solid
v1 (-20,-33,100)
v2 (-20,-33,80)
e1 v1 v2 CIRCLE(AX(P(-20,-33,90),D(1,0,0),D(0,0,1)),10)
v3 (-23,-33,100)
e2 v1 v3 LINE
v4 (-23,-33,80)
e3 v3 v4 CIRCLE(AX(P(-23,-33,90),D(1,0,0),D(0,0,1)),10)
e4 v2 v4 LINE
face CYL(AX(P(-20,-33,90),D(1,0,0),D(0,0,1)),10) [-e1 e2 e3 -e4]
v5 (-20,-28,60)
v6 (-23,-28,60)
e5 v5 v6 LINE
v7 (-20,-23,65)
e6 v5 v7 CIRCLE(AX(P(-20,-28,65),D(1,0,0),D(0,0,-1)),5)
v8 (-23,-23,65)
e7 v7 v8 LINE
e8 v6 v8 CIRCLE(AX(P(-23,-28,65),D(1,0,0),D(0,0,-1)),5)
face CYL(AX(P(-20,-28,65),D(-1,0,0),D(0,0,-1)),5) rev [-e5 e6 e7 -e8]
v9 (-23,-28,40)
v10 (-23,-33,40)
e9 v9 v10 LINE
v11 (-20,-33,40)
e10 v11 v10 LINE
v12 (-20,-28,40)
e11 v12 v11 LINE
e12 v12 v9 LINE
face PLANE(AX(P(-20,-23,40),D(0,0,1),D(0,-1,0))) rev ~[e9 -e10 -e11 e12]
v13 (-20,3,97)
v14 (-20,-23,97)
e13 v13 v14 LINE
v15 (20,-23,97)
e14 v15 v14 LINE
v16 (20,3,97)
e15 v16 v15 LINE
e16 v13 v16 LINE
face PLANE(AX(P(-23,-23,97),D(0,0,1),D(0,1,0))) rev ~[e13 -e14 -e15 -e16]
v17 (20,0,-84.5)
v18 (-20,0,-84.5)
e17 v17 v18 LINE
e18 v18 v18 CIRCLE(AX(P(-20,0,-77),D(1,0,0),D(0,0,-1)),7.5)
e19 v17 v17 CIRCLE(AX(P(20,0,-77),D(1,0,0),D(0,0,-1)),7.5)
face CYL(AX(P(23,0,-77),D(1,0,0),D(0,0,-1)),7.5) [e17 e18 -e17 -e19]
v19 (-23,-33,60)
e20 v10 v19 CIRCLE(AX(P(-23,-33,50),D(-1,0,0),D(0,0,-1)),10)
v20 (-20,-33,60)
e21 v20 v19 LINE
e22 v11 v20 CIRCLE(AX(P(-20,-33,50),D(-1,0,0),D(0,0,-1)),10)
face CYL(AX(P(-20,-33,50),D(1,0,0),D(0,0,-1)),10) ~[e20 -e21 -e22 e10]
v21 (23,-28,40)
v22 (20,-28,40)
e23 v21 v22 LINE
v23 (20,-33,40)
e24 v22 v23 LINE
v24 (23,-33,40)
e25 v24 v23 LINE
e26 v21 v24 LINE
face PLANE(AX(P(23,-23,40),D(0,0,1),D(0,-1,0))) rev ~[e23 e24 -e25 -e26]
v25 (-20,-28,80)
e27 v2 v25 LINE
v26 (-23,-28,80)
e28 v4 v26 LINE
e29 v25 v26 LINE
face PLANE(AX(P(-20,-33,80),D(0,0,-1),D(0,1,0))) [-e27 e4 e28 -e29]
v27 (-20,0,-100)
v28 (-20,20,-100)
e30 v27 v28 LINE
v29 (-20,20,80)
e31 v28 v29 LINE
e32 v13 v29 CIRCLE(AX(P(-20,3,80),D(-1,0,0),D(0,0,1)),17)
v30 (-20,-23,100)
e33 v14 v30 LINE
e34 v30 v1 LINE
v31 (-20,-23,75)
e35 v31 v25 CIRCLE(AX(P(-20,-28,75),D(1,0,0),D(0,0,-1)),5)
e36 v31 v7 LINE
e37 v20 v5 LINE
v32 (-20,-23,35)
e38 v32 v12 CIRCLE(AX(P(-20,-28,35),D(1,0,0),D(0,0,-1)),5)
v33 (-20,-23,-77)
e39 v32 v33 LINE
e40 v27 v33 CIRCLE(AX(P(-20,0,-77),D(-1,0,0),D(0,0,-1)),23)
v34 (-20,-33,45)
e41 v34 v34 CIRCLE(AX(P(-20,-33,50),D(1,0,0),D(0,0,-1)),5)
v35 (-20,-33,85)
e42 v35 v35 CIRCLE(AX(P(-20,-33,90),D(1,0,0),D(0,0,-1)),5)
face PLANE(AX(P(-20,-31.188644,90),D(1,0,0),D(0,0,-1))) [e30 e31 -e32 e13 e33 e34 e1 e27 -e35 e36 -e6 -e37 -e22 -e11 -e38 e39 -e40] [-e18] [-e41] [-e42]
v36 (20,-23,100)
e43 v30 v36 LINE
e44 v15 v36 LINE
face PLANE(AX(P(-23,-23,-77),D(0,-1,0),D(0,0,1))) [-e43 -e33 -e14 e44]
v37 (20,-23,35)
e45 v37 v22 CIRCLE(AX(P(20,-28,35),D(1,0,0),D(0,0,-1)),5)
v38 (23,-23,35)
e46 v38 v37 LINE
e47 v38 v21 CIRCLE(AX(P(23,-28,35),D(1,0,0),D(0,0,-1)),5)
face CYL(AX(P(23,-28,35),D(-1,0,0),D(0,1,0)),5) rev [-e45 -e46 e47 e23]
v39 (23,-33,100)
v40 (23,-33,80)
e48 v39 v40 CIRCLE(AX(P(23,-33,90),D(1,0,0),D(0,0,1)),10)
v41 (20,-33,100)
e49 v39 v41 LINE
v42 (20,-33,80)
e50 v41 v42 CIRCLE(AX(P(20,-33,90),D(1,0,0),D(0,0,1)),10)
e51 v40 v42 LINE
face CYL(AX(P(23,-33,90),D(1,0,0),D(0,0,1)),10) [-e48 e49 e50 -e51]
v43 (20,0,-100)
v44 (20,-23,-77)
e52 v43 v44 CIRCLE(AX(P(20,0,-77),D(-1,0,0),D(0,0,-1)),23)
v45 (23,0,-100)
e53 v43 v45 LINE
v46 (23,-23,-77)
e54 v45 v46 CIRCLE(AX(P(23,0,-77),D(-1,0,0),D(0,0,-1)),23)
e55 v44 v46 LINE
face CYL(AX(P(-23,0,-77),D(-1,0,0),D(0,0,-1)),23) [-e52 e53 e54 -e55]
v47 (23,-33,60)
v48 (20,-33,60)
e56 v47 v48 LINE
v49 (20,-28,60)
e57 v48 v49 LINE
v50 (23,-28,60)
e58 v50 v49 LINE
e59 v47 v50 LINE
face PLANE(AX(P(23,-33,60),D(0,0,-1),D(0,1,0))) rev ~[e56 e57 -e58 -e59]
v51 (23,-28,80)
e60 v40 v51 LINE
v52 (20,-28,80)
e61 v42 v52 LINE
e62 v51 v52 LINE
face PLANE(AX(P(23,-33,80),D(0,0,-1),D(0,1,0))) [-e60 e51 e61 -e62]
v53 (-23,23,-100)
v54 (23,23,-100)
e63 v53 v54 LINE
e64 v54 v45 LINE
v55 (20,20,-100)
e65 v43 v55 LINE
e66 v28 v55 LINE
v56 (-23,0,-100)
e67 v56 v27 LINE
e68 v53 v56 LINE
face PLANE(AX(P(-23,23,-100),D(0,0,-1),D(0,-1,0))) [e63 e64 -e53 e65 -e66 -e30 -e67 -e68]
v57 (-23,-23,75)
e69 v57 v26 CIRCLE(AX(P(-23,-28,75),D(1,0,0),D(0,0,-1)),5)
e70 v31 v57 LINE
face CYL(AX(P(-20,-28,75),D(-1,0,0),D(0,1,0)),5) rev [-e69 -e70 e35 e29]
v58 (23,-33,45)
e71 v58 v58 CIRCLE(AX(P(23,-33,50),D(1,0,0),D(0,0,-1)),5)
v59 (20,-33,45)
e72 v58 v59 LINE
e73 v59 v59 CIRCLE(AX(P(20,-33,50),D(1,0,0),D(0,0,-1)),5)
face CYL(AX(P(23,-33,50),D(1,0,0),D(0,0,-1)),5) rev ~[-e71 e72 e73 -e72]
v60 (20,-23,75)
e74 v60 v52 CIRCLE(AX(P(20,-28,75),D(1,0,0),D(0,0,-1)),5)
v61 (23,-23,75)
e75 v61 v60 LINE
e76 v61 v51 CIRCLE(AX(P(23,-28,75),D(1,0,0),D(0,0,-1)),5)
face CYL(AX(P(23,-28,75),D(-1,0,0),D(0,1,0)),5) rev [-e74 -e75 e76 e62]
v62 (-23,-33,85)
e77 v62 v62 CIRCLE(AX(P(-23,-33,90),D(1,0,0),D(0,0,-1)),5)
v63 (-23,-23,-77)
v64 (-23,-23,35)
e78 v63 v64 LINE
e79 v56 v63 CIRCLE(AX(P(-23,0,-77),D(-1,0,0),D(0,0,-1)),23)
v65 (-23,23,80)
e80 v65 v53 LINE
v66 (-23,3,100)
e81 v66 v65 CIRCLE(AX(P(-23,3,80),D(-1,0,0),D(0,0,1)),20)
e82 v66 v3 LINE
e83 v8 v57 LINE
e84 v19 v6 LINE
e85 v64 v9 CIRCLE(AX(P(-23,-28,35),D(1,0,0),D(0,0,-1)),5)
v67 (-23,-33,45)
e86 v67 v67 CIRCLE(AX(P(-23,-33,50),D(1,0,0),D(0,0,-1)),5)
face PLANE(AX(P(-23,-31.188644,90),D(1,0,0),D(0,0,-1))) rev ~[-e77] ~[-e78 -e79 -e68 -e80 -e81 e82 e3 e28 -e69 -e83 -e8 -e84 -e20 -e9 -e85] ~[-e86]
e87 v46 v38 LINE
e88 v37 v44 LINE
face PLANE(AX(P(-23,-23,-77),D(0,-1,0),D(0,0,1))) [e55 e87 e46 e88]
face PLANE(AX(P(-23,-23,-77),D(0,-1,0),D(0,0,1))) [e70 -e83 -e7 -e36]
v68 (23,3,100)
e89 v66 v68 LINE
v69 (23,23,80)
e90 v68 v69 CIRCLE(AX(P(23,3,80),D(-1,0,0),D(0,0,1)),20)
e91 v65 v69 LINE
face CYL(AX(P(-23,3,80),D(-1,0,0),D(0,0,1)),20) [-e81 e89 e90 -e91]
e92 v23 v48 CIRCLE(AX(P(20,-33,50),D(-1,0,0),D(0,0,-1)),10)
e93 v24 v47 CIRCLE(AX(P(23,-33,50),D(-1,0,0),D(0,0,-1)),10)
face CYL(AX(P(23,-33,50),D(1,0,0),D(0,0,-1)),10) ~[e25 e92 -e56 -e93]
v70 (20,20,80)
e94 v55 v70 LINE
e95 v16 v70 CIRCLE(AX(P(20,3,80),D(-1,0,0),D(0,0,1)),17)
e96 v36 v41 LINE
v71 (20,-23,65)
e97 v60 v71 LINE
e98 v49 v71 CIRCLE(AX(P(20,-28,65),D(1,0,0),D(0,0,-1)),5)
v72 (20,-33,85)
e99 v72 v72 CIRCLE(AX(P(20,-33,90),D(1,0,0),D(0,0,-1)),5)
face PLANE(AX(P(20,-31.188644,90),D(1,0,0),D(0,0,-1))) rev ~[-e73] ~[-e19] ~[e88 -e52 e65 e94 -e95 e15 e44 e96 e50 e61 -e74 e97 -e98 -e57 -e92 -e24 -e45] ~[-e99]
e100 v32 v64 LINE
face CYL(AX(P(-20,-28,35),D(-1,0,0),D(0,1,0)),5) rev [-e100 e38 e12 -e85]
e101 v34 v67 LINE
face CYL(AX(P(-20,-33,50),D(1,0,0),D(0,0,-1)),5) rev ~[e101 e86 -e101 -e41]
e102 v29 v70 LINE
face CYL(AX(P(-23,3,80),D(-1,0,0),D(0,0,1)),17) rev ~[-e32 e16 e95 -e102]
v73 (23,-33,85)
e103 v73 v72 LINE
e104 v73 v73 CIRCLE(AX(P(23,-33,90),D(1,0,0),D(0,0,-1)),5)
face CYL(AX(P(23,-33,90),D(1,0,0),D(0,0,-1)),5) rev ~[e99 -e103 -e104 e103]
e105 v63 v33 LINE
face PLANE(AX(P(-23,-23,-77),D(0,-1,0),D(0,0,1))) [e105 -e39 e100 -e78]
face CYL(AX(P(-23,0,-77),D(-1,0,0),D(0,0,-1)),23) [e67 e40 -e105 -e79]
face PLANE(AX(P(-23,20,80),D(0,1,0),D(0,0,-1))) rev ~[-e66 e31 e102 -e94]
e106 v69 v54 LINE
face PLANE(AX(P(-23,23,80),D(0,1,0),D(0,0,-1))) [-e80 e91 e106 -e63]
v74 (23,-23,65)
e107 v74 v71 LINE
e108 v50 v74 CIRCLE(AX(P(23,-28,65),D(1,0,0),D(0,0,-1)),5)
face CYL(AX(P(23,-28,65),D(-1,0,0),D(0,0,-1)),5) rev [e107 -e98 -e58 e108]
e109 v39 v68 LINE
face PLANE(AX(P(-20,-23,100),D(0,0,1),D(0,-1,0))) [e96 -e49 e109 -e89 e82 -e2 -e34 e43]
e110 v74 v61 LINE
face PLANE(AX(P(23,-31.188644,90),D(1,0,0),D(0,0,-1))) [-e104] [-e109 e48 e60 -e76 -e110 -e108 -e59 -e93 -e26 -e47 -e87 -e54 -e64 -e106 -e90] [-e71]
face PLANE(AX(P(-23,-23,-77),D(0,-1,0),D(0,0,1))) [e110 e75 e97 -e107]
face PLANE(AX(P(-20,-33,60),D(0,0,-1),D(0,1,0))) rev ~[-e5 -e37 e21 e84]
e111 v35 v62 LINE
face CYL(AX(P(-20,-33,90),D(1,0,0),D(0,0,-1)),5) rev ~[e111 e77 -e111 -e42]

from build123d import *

# Parameters (mm, degrees)
PROFILE_EXTRUDE_DEPTH               = 23
PROFILE_EXTRUDE_DEPTH_BACK          = 23
PROFILE_SHELL_T                     = -3
CUFF_JOINT_PIN_SKETCH_R             = 7.5
CUFF_JOIN_PIN_EXTRUDE_DEPTH         = 43
HYDRAULIC_ARM_HOLES_SKETCH_R        = 5
HYDRAULIC_ARM_HOLES_EXTRUDE_1_DEPTH = 3
HYDRAULIC_START                     = -43
HYDRAULIC_ARM_HOLES_SKETCH_2_R      = 5
HYDRAULIC_ARM_HOLES_EXTRUDE_2_DEPTH = 3
HOLES_TABS_FILLET_R                 = 5


with BuildPart() as part:
    # Profile Sketch → Profile Extrude (new, two sides: drawn at the far end of the back side and taken through both)
    with BuildSketch(Plane(origin=(0, 0, 0), x_dir=(0, 0, -1), z_dir=(1, 0, 0)).offset(-PROFILE_EXTRUDE_DEPTH_BACK)):
        with BuildLine():
            Line((-80, 23), (100, 23))
            Line((100, 23), (100, 0))
            ThreePointArc((100, 0), (93.263455967, -16.263455967), (77, -23))
            Line((77, -23), (-100, -23))
            Line((-100, -23), (-100, 3))
            ThreePointArc((-100, 3), (-94.142135624, 17.142135624), (-80, 23))
        make_face()
    extrude(amount=PROFILE_EXTRUDE_DEPTH + PROFILE_EXTRUDE_DEPTH_BACK)

    # Profile Shell
    profile_shell_openings = [part.faces().sort_by_distance(p)[0] for p in [
        (0, 11.5, -100),
        (0, -16.263455967, -93.263455967),
        (0, -23, 11.5),
    ]]
    offset(amount=PROFILE_SHELL_T, openings=profile_shell_openings, kind=Kind.INTERSECTION)

    # Cuff Joint Pin Sketch → Cuff Join Pin Extrude (add)
    with BuildSketch(Plane(origin=(23, 0, 0), x_dir=(0, 0, -1), z_dir=(1, 0, 0))):
        with Locations((77, 0)):
            Circle(CUFF_JOINT_PIN_SKETCH_R)
    extrude(amount=-CUFF_JOIN_PIN_EXTRUDE_DEPTH)

    # Hydraulic Arm Holes Sketch → Hydraulic Arm Holes Extrude 1 (add)
    # profile 1 of 2: a face of its own
    with BuildSketch(Plane(origin=(23, 0, 0), x_dir=(0, 0, -1), z_dir=(1, 0, 0))):
        with BuildLine():
            Line((-100, -23), (-100, -33))
            ThreePointArc((-100, -33), (-90, -43), (-80, -33))
            Line((-80, -33), (-80, -23))
            Line((-80, -23), (-100, -23))
        make_face()
        with Locations((-90, -33)):
            Circle(HYDRAULIC_ARM_HOLES_SKETCH_R, mode=Mode.SUBTRACT)
    # profile 2 of 2: a face of its own
    with BuildSketch(Plane(origin=(23, 0, 0), x_dir=(0, 0, -1), z_dir=(1, 0, 0))):
        with BuildLine():
            Line((-60, -33), (-60, -23))
            Line((-60, -23), (-40, -23))
            Line((-40, -23), (-40, -33))
            ThreePointArc((-40, -33), (-50, -43), (-60, -33))
        make_face()
        with Locations((-50, -33)):
            Circle(HYDRAULIC_ARM_HOLES_SKETCH_R, mode=Mode.SUBTRACT)
    extrude(amount=-HYDRAULIC_ARM_HOLES_EXTRUDE_1_DEPTH)

    # Hydraulic Arm Holes Sketch<2> → Hydraulic Arm Holes Extrude 2 (add)
    # profile 1 of 2: a face of its own
    with BuildSketch(Plane(origin=(23, 0, 0), x_dir=(0, 0, -1), z_dir=(1, 0, 0)).offset(HYDRAULIC_START)):
        with BuildLine():
            Line((-100, -23), (-100, -33))
            ThreePointArc((-100, -33), (-90, -43), (-80, -33))
            Line((-80, -33), (-80, -23))
            Line((-80, -23), (-100, -23))
        make_face()
        with Locations((-90, -33)):
            Circle(HYDRAULIC_ARM_HOLES_SKETCH_2_R, mode=Mode.SUBTRACT)
    # profile 2 of 2: a face of its own
    with BuildSketch(Plane(origin=(23, 0, 0), x_dir=(0, 0, -1), z_dir=(1, 0, 0)).offset(HYDRAULIC_START)):
        with BuildLine():
            Line((-60, -33), (-60, -23))
            Line((-60, -23), (-40, -23))
            Line((-40, -23), (-40, -33))
            ThreePointArc((-40, -33), (-50, -43), (-60, -33))
        make_face()
        with Locations((-50, -33)):
            Circle(HYDRAULIC_ARM_HOLES_SKETCH_2_R, mode=Mode.SUBTRACT)
    extrude(amount=-HYDRAULIC_ARM_HOLES_EXTRUDE_2_DEPTH)

    # Holes Tabs Fillet
    holes_tabs_fillet_edges = [part.edges().sort_by_distance(p)[0] for p in [
        (-21.5, -23, 80),
        (21.5, -23, 40),
        (21.5, -23, 60),
        (21.5, -23, 80),
        (-21.5, -23, 40),
        (-21.5, -23, 60),
    ]]
    fillet(holes_tabs_fillet_edges, radius=HOLES_TABS_FILLET_R)


solid = part.part
